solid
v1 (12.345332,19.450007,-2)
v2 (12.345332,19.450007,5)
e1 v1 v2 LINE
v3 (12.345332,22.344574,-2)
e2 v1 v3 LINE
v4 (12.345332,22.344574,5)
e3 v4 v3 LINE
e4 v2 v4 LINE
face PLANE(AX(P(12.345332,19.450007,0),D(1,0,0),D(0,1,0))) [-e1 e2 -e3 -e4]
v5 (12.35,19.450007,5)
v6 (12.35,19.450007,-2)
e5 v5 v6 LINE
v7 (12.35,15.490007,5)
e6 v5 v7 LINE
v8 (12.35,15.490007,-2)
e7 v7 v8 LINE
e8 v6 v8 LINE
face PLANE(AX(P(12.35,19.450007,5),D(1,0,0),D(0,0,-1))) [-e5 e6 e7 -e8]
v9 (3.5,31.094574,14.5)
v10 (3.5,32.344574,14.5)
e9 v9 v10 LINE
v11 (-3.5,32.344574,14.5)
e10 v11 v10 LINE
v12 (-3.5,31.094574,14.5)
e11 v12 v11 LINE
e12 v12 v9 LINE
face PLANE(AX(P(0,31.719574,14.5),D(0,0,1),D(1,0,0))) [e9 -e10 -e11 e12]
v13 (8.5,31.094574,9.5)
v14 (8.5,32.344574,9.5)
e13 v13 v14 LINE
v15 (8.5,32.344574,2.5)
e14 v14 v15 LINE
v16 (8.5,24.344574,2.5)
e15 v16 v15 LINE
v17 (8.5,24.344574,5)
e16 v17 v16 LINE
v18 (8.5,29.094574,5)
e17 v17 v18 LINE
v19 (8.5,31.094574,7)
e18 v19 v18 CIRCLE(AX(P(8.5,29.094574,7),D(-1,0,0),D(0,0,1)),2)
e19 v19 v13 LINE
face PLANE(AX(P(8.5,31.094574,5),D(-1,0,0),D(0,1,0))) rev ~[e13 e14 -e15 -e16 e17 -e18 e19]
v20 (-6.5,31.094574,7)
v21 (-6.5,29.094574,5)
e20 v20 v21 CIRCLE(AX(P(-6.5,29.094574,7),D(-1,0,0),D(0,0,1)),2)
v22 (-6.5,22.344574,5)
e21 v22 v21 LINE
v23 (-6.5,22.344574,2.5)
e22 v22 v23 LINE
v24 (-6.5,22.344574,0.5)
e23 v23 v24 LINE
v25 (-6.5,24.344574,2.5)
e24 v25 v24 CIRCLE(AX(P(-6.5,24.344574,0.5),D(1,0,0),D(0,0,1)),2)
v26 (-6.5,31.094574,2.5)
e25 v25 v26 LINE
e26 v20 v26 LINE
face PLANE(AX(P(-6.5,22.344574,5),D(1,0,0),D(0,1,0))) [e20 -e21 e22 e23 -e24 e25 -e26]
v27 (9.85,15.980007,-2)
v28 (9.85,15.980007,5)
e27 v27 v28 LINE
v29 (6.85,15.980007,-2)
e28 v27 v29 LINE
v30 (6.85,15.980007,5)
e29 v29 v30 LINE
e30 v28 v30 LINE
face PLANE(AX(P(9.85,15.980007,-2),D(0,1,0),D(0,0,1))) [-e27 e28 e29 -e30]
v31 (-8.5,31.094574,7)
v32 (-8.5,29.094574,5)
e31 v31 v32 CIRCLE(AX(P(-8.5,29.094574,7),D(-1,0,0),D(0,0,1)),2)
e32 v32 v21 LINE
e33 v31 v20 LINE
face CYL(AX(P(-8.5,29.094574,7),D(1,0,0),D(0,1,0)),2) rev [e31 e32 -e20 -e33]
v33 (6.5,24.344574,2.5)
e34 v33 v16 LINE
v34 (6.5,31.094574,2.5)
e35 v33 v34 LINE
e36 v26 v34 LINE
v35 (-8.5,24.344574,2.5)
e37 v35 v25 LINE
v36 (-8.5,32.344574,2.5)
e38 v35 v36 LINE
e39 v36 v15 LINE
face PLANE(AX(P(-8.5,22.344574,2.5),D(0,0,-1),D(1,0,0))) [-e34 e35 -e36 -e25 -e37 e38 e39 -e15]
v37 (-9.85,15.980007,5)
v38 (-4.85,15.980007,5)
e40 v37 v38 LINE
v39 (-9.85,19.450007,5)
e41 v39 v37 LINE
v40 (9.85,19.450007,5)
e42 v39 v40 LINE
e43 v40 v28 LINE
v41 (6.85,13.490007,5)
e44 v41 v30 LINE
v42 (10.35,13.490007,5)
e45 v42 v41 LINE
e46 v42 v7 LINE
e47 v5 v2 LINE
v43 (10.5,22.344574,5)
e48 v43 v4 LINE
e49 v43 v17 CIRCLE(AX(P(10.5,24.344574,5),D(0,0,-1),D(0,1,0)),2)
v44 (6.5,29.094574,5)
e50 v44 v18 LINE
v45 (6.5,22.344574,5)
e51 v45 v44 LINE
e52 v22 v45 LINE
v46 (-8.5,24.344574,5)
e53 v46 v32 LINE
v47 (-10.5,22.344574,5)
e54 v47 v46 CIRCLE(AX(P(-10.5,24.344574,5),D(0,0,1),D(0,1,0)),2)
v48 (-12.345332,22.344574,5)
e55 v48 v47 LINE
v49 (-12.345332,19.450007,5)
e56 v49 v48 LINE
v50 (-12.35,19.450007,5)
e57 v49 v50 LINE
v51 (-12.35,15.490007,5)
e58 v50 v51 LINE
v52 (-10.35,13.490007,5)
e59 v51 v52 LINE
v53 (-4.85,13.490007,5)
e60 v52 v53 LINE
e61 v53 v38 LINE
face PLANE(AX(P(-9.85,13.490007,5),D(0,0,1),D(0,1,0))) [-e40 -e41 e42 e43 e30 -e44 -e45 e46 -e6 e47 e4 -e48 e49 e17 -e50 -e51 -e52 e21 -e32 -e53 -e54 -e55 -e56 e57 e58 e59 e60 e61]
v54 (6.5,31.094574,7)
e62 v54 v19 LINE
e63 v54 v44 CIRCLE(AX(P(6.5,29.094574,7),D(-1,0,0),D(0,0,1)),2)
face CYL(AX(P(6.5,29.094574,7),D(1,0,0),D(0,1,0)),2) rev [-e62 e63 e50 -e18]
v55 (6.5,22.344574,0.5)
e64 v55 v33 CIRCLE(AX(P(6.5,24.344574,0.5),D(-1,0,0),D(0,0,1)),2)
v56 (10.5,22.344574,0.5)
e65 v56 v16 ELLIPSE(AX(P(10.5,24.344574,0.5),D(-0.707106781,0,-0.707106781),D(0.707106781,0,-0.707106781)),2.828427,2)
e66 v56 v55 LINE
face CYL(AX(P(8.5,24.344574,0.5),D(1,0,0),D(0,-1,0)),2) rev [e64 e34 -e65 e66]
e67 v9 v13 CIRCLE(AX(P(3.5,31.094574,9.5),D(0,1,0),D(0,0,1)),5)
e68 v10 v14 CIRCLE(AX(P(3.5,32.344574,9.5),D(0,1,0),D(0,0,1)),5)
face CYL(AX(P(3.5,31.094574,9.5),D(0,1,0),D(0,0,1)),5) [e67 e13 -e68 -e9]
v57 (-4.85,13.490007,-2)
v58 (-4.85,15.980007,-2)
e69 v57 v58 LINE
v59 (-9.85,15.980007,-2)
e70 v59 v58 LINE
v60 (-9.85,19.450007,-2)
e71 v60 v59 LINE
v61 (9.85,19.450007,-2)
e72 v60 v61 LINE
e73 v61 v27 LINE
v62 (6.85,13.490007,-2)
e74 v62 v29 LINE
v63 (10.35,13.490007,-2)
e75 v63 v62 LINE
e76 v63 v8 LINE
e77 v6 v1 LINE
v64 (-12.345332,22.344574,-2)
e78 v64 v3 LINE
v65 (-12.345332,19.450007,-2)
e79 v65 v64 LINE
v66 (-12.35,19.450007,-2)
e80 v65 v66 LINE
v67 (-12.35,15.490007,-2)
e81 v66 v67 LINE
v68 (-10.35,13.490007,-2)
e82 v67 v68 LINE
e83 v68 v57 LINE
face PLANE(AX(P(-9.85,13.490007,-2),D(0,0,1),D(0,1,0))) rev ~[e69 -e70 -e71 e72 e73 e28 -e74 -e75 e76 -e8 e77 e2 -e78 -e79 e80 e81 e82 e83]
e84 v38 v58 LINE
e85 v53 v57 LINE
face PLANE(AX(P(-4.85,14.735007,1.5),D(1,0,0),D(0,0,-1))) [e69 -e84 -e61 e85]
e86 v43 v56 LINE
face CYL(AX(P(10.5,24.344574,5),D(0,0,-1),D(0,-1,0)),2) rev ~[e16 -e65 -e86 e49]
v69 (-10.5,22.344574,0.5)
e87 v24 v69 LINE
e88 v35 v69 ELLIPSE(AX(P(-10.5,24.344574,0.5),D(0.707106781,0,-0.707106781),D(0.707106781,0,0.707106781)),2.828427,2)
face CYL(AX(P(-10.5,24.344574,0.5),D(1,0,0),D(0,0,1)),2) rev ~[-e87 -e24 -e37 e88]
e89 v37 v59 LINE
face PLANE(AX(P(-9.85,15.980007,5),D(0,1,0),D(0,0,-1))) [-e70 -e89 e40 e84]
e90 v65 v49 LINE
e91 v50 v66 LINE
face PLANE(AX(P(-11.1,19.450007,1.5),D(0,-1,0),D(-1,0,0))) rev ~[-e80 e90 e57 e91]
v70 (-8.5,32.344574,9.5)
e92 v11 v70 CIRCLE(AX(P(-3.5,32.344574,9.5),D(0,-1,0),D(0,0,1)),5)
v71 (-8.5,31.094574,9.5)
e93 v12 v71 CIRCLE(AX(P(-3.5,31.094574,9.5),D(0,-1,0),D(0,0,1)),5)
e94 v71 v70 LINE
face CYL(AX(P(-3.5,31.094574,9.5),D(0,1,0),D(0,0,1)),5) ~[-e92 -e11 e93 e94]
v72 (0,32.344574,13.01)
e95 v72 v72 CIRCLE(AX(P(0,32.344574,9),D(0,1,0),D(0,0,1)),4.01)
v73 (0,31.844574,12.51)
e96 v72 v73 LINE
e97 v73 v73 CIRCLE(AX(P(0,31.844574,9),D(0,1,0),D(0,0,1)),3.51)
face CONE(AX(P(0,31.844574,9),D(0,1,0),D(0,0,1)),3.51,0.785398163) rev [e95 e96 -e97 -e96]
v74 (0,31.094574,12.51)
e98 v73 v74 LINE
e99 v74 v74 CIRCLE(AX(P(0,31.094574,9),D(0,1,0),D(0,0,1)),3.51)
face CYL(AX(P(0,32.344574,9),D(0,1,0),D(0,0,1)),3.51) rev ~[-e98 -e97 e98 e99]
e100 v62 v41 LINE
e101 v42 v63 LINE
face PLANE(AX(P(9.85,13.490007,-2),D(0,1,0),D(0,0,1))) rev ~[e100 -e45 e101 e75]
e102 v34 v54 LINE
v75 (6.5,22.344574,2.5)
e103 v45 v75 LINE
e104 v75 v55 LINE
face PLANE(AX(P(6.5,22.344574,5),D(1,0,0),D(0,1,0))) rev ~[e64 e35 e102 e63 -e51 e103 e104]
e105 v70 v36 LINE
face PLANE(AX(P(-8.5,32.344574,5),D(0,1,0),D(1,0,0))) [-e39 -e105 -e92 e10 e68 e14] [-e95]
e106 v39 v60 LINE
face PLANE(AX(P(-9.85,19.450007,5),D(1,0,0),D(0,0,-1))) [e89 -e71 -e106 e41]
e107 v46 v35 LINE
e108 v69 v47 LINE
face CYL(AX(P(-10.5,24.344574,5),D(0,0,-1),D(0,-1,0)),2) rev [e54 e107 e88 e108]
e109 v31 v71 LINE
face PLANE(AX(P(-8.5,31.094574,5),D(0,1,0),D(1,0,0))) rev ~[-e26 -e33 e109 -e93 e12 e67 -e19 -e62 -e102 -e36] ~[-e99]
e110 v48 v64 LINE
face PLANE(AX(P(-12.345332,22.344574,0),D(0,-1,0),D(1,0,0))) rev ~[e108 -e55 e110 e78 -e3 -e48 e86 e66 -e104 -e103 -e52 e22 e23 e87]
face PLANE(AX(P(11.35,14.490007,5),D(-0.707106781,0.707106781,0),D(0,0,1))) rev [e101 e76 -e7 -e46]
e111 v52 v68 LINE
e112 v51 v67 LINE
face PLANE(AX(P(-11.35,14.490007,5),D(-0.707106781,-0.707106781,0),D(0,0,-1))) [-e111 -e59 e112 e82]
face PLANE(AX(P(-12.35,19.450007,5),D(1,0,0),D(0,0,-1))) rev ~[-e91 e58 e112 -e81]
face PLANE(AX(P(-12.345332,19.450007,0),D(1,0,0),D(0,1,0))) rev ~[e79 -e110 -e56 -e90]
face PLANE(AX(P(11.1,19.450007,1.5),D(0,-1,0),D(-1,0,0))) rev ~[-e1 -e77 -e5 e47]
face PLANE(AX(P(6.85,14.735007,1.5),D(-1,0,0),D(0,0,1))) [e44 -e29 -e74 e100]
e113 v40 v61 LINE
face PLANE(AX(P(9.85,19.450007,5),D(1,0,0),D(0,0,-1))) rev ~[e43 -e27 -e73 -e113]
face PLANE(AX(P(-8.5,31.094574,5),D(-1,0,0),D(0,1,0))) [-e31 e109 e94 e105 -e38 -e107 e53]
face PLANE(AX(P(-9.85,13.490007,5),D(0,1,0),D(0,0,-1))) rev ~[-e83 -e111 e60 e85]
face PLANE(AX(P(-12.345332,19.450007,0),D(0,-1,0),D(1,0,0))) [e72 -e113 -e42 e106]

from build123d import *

# Parameters (mm, degrees)
SKETCH2_W           = 24.690663142
SKETCH2_H           = 2.894566797
BOSS_EXTRUDE2_DEPTH = 5
SKETCH2_2_W         = 24.690663142
SKETCH2_2_H         = 2.894566797
BOSS_EXTRUDE3_DEPTH = 2
SKETCH8_W           = 2.5
SKETCH8_H           = 7
BOSS_EXTRUDE4_DEPTH = 5.96
SKETCH10_W          = 7
SKETCH10_H          = 2.49
BOSS_EXTRUDE5_DEPTH = 3
SKETCH11_W          = 7
SKETCH11_H          = 2.49
BOSS_EXTRUDE6_DEPTH = 5
SKETCH12_W          = 17
SKETCH12_H          = 2.5
BOSS_EXTRUDE7_DEPTH = 10
CUT_EXTRUDE7_REACH  = 37.323
SKETCH14_W          = 13
SKETCH14_H          = 8.75
SKETCH16_W          = 17
SKETCH16_H          = 1.25
BOSS_EXTRUDE8_DEPTH = 9.5
CUT_EXTRUDE8_REACH  = 28.801
SKETCH17_R          = 3.51
FILLET7_R           = 2
FILLET8_R           = 5
FILLET9_R           = 5
CHAMFER1_SIZE       = 2
CHAMFER2_SIZE       = 2
FILLET11_R          = 2
FILLET12_R          = 2
FILLET13_R          = 2
FILLET14_R          = 2
FILLET16_R          = 2
CHAMFER3_SIZE       = 0.5


with BuildPart() as part:
    # Sketch2 → Boss-Extrude2 (new body)
    with BuildSketch(Plane.XY):
        with Locations((0, 20.897290887)):
            Rectangle(SKETCH2_W, SKETCH2_H)
    extrude(amount=BOSS_EXTRUDE2_DEPTH)

    # Sketch2<2> → Boss-Extrude3 (add)
    with BuildSketch(Plane.XY):
        with Locations((0, 20.897290887)):
            Rectangle(SKETCH2_2_W, SKETCH2_2_H)
    extrude(amount=-BOSS_EXTRUDE3_DEPTH)

    # Sketch8 → Boss-Extrude4 (add)
    with BuildSketch(Plane(origin=(0, 19.450007488, 0), x_dir=(-1, 0, 0), z_dir=(0, -1, 0))):
        with Locations((11.1, -1.5)):
            Rectangle(SKETCH8_W, SKETCH8_H)
        with Locations((-11.1, -1.5)):
            Rectangle(SKETCH8_W, SKETCH8_H)
    extrude(amount=BOSS_EXTRUDE4_DEPTH)

    # Sketch10 → Boss-Extrude5 (add)
    with BuildSketch(Plane.ZY.offset(-9.85)):
        with Locations((1.5, 14.735007488)):
            Rectangle(SKETCH10_W, SKETCH10_H)
    extrude(amount=BOSS_EXTRUDE5_DEPTH)

    # Sketch11 → Boss-Extrude6 (add)
    with BuildSketch(Plane(origin=(-9.85, 0, 0), x_dir=(0, 0, -1), z_dir=(1, 0, 0))):
        with Locations((-1.5, 14.735007488)):
            Rectangle(SKETCH11_W, SKETCH11_H)
    extrude(amount=BOSS_EXTRUDE6_DEPTH)

    # Sketch12 → Boss-Extrude7 (add)
    with BuildSketch(Plane(origin=(0, 22.344574285, 0), x_dir=(1, 0, 0), z_dir=(0, 1, 0))):
        with Locations((0, -3.75)):
            Rectangle(SKETCH12_W, SKETCH12_H)
    extrude(amount=BOSS_EXTRUDE7_DEPTH)

    # Sketch14 → Cut-Extrude7 (cut, up to next)
    with BuildSketch(Plane.XY.offset(5), mode=Mode.PRIVATE) as cut_extrude7_sk1:
        with Locations((0, 26.719574285)):
            Rectangle(SKETCH14_W, SKETCH14_H)
    cut_extrude7_tool1 = extrude(cut_extrude7_sk1.sketch, amount=-CUT_EXTRUDE7_REACH, mode=Mode.PRIVATE) & part.part
    add(cut_extrude7_tool1.solids().sort_by_distance((0, 26.719574, 5))[0], mode=Mode.SUBTRACT)

    # Sketch16 → Boss-Extrude8 (add)
    with BuildSketch(Plane.XY.offset(5)):
        with Locations((0, 31.719574285)):
            Rectangle(SKETCH16_W, SKETCH16_H)
    extrude(amount=BOSS_EXTRUDE8_DEPTH)

    # Sketch17 → Cut-Extrude8 (cut, up to next)
    with BuildSketch(Plane(origin=(0, 32.344574285, 0), x_dir=(1, 0, 0), z_dir=(0, 1, 0)), mode=Mode.PRIVATE) as cut_extrude8_sk1:
        with Locations((0, -9)):
            Circle(SKETCH17_R)
    cut_extrude8_tool1 = extrude(cut_extrude8_sk1.sketch, amount=-CUT_EXTRUDE8_REACH, mode=Mode.PRIVATE) & part.part
    add(cut_extrude8_tool1.solids().sort_by_distance((0, 32.344574, 9))[0], mode=Mode.SUBTRACT)

    # Fillet7
    fillet7_edges = [part.edges().sort_by_distance(p)[0] for p in [
        (7.5, 31.094574285, 5),
    ]]
    fillet(fillet7_edges, radius=FILLET7_R)

    # Fillet8
    fillet8_edges = [part.edges().sort_by_distance(p)[0] for p in [
        (8.5, 31.719574285, 14.5),
    ]]
    fillet(fillet8_edges, radius=FILLET8_R)

    # Fillet9
    fillet9_edges = [part.edges().sort_by_distance(p)[0] for p in [
        (-8.5, 31.719574285, 14.5),
    ]]
    fillet(fillet9_edges, radius=FILLET9_R)

    # Chamfer1
    chamfer1_edges = [part.edges().sort_by_distance(p)[0] for p in [
        (-12.35, 13.490007488, 1.5),
    ]]
    chamfer(chamfer1_edges, length=CHAMFER1_SIZE)

    # Chamfer2
    chamfer2_edges = [part.edges().sort_by_distance(p)[0] for p in [
        (12.35, 13.490007488, 1.5),
    ]]
    chamfer(chamfer2_edges, length=CHAMFER2_SIZE)

    # Fillet11
    fillet11_edges = [part.edges().sort_by_distance(p)[0] for p in [
        (-8.5, 22.344574285, 3.75),
    ]]
    fillet(fillet11_edges, radius=FILLET11_R)

    # Fillet12
    fillet12_edges = [part.edges().sort_by_distance(p)[0] for p in [
        (8.5, 22.344574285, 3.75),
    ]]
    fillet(fillet12_edges, radius=FILLET12_R)

    # Fillet13
    fillet13_edges = [part.edges().sort_by_distance(p)[0] for p in [
        (8.5, 22.344574285, 2.5),
    ]]
    fillet(fillet13_edges, radius=FILLET13_R)

    # Fillet14
    fillet14_edges = [part.edges().sort_by_distance(p)[0] for p in [
        (-8.5, 22.344574285, 2.5),
    ]]
    fillet(fillet14_edges, radius=FILLET14_R)

    # Fillet16
    fillet16_edges = [part.edges().sort_by_distance(p)[0] for p in [
        (-7.5, 31.094574285, 5),
    ]]
    fillet(fillet16_edges, radius=FILLET16_R)

    # Chamfer3
    chamfer3_edges = [part.edges().sort_by_distance(p)[0] for p in [
        (-3.51, 32.344574285, 9),
    ]]
    chamfer(chamfer3_edges, length=CHAMFER3_SIZE)


solid = part.part
